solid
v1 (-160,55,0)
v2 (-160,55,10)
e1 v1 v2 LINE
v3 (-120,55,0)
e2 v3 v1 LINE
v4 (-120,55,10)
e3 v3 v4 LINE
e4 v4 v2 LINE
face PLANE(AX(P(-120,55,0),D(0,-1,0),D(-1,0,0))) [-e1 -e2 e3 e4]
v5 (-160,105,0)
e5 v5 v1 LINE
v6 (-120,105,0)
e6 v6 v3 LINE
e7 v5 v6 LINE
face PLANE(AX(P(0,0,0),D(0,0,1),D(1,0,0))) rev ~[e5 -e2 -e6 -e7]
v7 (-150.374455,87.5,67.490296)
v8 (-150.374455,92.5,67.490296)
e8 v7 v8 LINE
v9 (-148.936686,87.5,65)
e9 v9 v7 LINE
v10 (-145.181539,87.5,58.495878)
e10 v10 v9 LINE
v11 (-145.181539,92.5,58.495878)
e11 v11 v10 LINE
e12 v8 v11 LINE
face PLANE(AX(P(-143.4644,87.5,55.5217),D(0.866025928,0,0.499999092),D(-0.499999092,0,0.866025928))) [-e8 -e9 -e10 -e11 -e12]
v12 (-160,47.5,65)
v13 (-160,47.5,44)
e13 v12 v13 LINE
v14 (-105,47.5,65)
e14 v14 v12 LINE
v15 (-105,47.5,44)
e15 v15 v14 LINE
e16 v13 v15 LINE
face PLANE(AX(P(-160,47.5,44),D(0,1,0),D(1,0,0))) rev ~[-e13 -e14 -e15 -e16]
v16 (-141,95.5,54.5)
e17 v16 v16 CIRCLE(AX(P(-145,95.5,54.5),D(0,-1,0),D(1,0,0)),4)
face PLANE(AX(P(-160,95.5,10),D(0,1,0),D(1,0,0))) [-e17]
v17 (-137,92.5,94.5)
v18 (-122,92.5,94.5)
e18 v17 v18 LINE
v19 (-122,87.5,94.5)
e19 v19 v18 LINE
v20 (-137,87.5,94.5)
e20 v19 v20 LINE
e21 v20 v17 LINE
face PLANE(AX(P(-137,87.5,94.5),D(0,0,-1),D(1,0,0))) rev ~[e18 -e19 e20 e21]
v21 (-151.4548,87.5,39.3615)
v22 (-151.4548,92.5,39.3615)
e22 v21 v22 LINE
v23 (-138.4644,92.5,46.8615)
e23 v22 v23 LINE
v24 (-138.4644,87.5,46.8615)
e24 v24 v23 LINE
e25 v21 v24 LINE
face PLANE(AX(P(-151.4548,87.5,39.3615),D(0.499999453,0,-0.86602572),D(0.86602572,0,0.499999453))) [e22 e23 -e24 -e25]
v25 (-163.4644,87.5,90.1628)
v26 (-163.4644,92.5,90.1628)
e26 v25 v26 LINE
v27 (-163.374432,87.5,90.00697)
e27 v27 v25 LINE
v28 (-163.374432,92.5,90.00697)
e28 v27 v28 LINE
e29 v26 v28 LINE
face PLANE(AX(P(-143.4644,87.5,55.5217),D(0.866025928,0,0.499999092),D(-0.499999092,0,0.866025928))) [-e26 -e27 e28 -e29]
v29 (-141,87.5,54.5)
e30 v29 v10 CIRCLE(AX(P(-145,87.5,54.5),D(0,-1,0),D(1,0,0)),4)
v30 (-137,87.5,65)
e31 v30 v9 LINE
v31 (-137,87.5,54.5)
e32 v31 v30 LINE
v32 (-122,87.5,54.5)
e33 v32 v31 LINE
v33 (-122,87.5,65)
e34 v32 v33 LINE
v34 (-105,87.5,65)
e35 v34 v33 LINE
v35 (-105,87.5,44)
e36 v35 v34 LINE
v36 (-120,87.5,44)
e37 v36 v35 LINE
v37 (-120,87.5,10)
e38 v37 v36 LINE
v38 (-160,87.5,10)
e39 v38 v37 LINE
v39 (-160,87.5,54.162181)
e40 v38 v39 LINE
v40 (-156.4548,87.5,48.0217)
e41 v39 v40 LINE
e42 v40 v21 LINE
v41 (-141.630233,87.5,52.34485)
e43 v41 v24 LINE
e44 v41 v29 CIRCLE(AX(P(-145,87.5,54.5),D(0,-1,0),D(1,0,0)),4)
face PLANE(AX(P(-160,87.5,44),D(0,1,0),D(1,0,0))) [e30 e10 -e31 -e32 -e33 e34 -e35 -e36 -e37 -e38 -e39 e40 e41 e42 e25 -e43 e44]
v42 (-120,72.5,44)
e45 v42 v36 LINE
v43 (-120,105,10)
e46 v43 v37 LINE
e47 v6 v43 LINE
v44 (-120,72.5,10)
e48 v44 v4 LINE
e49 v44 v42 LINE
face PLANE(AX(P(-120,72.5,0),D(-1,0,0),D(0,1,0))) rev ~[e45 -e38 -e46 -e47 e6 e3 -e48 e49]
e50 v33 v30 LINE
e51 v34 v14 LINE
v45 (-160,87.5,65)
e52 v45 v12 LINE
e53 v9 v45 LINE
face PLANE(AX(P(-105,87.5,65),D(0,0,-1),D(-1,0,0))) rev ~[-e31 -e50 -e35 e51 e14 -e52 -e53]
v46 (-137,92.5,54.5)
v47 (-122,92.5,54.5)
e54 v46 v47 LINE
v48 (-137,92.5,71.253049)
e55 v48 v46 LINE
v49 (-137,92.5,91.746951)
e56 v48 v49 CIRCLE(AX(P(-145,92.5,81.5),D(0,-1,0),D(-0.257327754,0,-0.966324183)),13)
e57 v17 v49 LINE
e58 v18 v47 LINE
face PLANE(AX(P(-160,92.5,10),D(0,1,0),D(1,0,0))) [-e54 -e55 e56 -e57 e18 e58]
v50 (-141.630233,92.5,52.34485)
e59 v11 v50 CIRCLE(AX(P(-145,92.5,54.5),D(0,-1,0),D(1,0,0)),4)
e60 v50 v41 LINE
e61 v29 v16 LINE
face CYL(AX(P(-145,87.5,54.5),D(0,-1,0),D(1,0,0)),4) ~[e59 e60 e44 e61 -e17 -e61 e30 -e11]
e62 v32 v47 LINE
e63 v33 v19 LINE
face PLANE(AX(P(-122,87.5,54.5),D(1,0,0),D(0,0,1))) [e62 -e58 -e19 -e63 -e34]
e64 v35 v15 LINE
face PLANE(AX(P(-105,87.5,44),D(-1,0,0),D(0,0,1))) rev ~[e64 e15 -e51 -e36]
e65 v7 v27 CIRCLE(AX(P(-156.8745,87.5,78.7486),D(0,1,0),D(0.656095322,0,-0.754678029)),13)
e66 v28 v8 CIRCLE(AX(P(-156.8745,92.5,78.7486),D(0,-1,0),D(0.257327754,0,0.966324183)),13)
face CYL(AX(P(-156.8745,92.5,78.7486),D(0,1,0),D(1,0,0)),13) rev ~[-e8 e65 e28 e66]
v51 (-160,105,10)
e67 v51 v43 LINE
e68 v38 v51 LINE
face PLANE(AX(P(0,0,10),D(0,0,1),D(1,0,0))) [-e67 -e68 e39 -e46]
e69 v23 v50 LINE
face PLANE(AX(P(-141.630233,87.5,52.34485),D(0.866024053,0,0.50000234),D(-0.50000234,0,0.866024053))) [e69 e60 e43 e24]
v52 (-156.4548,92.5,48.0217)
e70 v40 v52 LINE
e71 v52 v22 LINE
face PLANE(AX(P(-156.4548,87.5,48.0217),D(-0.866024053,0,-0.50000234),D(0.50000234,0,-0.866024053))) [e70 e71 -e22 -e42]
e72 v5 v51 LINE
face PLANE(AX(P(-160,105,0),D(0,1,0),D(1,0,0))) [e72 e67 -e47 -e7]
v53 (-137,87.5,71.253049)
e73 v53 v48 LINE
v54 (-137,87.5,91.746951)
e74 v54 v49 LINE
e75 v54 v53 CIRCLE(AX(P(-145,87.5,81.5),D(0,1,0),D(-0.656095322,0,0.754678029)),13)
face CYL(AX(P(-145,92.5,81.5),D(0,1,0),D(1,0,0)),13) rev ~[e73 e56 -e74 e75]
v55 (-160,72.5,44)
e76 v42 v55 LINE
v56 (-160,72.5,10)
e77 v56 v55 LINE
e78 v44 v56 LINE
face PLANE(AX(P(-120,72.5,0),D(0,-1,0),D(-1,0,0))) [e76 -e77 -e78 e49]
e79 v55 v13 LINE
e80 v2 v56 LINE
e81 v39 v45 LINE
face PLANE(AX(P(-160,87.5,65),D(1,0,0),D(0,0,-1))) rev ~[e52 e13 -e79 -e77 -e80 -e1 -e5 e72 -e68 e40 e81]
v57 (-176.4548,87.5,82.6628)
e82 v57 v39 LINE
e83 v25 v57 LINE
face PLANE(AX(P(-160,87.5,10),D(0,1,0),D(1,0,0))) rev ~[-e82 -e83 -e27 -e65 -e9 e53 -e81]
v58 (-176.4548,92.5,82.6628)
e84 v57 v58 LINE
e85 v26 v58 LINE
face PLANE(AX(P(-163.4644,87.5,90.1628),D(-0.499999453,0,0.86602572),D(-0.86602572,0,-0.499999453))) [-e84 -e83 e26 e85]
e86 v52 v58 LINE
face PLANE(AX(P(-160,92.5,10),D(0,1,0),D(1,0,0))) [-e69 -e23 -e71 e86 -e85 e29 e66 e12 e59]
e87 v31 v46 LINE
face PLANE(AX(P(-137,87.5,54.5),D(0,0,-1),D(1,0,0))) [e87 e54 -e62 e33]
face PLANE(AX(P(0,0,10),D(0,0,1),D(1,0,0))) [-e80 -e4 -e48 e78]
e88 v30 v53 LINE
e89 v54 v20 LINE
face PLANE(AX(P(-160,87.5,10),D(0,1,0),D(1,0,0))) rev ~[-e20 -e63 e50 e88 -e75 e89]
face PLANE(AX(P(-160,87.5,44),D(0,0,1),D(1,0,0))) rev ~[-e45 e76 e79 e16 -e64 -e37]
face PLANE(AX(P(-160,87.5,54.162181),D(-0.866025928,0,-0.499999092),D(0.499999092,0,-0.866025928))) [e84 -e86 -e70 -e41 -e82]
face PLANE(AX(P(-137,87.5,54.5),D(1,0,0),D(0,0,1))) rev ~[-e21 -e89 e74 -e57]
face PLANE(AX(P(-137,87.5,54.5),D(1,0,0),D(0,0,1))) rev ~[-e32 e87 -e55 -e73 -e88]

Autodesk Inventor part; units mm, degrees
ref_plane "YZ Plane" through (0, 0, 0) normal (1, 0, 0) x (0, 1, 0)
ref_plane "XZ Plane" through (0, 0, 0) normal (0, 1, 0) x (-1, 0, 0)
ref_plane "Work Plane1" through (0, 0, 0) normal (0, 0, 1) x (1, 0, 0)
ref_plane "Work Plane2" through (-162, -84, 44) normal (0, 0, 1) x (1, 0, 0)
sketch "Sketch1" plane through (0, 0, 0) normal (0, 0, 1) x (1, 0, 0)
  line L0 (-280, 0) -> (-160, 0) projected
  line L1 (-280, 0) -> (-280, -40) projected
  line L2 (-162, -40) -> (-280, -40) projected
  line L3 (-118, -40) -> (-162, -40) projected
  line L4 (0, -40) -> (-118, -40) projected
  line L5 (0, 0) -> (0, -40) projected
  line L6 (-120, 0) -> (0, 0) projected
  line L7 (-120, 0) -> (-120, 160) projected
  line L8 (0, 160) -> (-120, 160) projected
  line L9 (0, 160) -> (0, 200) projected
  line L10 (-280, 200) -> (0, 200) projected
  line L11 (-280, 160) -> (-280, 200) projected
  line L12 (-160, 160) -> (-280, 160) projected
  line L13 (-160, 0) -> (-160, 160) projected
  line L14 (-160, 87.5) -> (-120, 87.5)
  line L15 (-120, 87.5) -> (-120, 72.5)
  line L16 (-120, 72.5) -> (-160, 72.5)
  line L17 (-160, 72.5) -> (-160, 87.5)
  line L18 (-160, 87.5) -> (-120, 72.5) construction
  line L19 (-120, 87.5) -> (-160, 72.5) construction
  point P0 (-140, 80)
  dimension "d0" = 40
  dimension "d1" = 15
extrude "Extrusion1" add sketch "Sketch1" along normal up to surface (44 mm away) contours L13 L14 L7 L16
ref_plane "Work Plane3" through (0, 0, 0) normal (0, 0, 1) x (1, 0, 0)
sketch "Sketch2" plane through (0, 0, 0) normal (0, 0, 1) x (1, 0, 0)
  line L0 (-120, 87.5) -> (-120, 72.5) projected
  line L1 (-160, 87.5) -> (-120, 87.5) projected
  line L2 (-160, 72.5) -> (-160, 87.5) projected
  line L3 (-120, 72.5) -> (-160, 72.5) projected
  line L4 (-160, 105) -> (-120, 105)
  line L5 (-120, 105) -> (-120, 55)
  line L6 (-120, 55) -> (-160, 55)
  line L7 (-160, 55) -> (-160, 105)
  line L8 (-160, 105) -> (-120, 55) construction
  line L9 (-120, 105) -> (-160, 55) construction
  point P0 (0, 0)
  point P1 (-140, 80)
  dimension "d7" = 40
  dimension "d8" = 50
extrude "Extrusion2" add sketch "Sketch2" along normal blind 10 contours L1 L7 L4 L5 | L5 L6 L7 L3
sketch "Sketch3" plane through (-160, 87.5, 44) normal (0, 1, 0) x (1, 0, 0)
  line L0 (0, 0) -> (55, 0)
  line L1 (55, 0) -> (55, -21)
  line L2 (55, -21) -> (0, -21)
  line L3 (0, -21) -> (0, 0)
  point P0 (160, 44)
  dimension "d11" = 55
  dimension "d12" = 21
extrude "Extrusion3" add sketch "Sketch3" against normal blind 40
sketch "Sketch4" plane through (-160, 87.5, 10) normal (0, 1, 0) x (1, 0, 0)
  line L0 (40, 0) -> (0, 0) projected
  line L1 (0, 0) -> (0, -55) projected
  line L2 (55, -55) -> (0, -55) projected
  line L3 (55, -34) -> (55, -55) projected
  line L4 (40, -34) -> (55, -34) projected
  line L5 (40, 0) -> (40, -34) projected
  line L6 (55, -55) -> (0, -55) projected
  line L7 (55, -34) -> (0, -34)
  line L8 (0, -34) -> (0, -55)
  line L9 (0, -55) -> (55, -55)
  line L10 (55, -55) -> (55, -34)
  line L11 (0, -44.5) -> (15, -44.5)
  line L12 (0, -44.5) -> (15, -44.5) construction
  circle A0 centre (15, -44.5) radius 4
  point P0 (160, 10)
  dimension "d15" = 15
  dimension "d16" = 0
  dimension "d17" = 8
extrude "Extrusion4" add sketch "Sketch4" along normal blind 8 contours A0
sketch "Sketch5" plane through (-160, 87.5, 10) normal (0, 1, 0) x (1, 0, 0)
  circle A0 centre (15, -44.5) radius 4 projected
  line L0 (40, 0) -> (0, 0) projected
  line L1 (0, 0) -> (0, -55) projected
  line L2 (55, -55) -> (0, -55) projected
  line L3 (55, -34) -> (55, -55) projected
  line L4 (40, -34) -> (55, -34) projected
  line L5 (40, 0) -> (40, -34) projected
  circle A1 centre (15, -44.5) radius 4 projected
  line L6 (15, -44.5) -> (28, -44.5)
  line L7 (15, -44.5) -> (28, -44.5) construction
  line L8 (15, -44.5) -> (2, -44.5)
  line L9 (15, -44.5) -> (28, -44.5) construction
  line L10 (28, -44.5) -> (38, -44.5)
  line L11 (38, -44.5) -> (38, -84.5)
  line L12 (38, -84.5) -> (28, -84.5)
  line L13 (28, -84.5) -> (28, -44.5)
  line L14 (28, -44.5) -> (23, -44.5)
  line L15 (23, -44.5) -> (23, -84.5)
  line L16 (23, -84.5) -> (28, -84.5)
  line L17 (28, -84.5) -> (28, -44.5)
  line L18 (3.5452, -38.0217) -> (16.5356, -45.5217)
  line L19 (16.5356, -45.5217) -> (-3.4644, -80.1628)
  line L20 (-3.4644, -80.1628) -> (-16.4548, -72.6628)
  line L21 (-16.4548, -72.6628) -> (3.5452, -38.0217)
  line L22 (3.5452, -38.0217) -> (8.5452, -29.3615)
  line L23 (8.5452, -29.3615) -> (21.5356, -36.8615)
  line L24 (21.5356, -36.8615) -> (16.5356, -45.5217)
  point P0 (160, 10)
  dimension "d20" = 13
  dimension "d21" = 0
  dimension "d22" = 13
  dimension "d23" = 180
  dimension "d24" = 10
  dimension "d25" = 40
  dimension "d26" = 5
  dimension "d27" = 15
  dimension "d28" = 40
  dimension "d31" = 10
extrude "Extrusion5" add sketch "Sketch5" along normal blind 5 contours L24 L6 L8 L18 A0 | A0 L18 L22 L23 L24 | L19 L2 L1 L21 L18 A0 | A0 L8 L18 L19 | L6 L13 L2 L15 | L24 L18 L8 L6 | L18 L8 A0 | L19 L20 L21 L1 L2 | L10 L11 L2 L13 | L2 L13 L16 L15 | L2 L11 L12 L13
sketch "Sketch6" plane through (-160, 92.5, 10) normal (0, 1, 0) x (1, 0, 0)
  line L0 (23, -84.5) -> (38, -84.5) projected
  line L1 (38, -84.5) -> (38, -44.5) projected
  line L2 (38, -44.5) -> (23, -44.5) projected
  line L3 (23, -44.5) -> (23, -84.5) projected
  arc A0 (18.3698, -42.3448) -> (14.8185, -48.4959) centre (15, -44.5) ccw projected
  line L4 (18.3698, -42.3448) -> (21.5356, -36.8615) projected
  line L5 (21.5356, -36.8615) -> (8.5452, -29.3615) projected
  line L6 (8.5452, -29.3615) -> (-16.4548, -72.6628) projected
  line L7 (-16.4548, -72.6628) -> (-3.4644, -80.1628) projected
  line L8 (-3.4644, -80.1628) -> (14.8185, -48.4959) projected
  circle A1 centre (15, -44.5) radius 4 projected
  line L9 (15, -44.5) -> (15, -71.5)
  circle A2 centre (15, -71.5) radius 13
  line L10 (15, -44.5) -> (3.1255, -68.7486)
  circle A3 centre (3.1255, -68.7486) radius 13
  point P0 (160, 10)
  dimension "d32" = 27
  dimension "d33" = 26
  dimension "d34" = 27
  dimension "d35" = 26
extrude "Extrusion6" cut sketch "Sketch6" against normal blind 5 contours A2 A3 L9 L3 | L3 A2 | A3 L8 A2 | A2 L8 A3 | L9 A3 A2 | A2 L10 L8 | L8 A3 L10 A2 | A2 L8 A3 | L10 A2 L8 | L10 A3 L8 A2
equation "\"d34\" = d32"
equation "\"d35\" = d33"
properties part number "BSF_ShuttleFeeder"
